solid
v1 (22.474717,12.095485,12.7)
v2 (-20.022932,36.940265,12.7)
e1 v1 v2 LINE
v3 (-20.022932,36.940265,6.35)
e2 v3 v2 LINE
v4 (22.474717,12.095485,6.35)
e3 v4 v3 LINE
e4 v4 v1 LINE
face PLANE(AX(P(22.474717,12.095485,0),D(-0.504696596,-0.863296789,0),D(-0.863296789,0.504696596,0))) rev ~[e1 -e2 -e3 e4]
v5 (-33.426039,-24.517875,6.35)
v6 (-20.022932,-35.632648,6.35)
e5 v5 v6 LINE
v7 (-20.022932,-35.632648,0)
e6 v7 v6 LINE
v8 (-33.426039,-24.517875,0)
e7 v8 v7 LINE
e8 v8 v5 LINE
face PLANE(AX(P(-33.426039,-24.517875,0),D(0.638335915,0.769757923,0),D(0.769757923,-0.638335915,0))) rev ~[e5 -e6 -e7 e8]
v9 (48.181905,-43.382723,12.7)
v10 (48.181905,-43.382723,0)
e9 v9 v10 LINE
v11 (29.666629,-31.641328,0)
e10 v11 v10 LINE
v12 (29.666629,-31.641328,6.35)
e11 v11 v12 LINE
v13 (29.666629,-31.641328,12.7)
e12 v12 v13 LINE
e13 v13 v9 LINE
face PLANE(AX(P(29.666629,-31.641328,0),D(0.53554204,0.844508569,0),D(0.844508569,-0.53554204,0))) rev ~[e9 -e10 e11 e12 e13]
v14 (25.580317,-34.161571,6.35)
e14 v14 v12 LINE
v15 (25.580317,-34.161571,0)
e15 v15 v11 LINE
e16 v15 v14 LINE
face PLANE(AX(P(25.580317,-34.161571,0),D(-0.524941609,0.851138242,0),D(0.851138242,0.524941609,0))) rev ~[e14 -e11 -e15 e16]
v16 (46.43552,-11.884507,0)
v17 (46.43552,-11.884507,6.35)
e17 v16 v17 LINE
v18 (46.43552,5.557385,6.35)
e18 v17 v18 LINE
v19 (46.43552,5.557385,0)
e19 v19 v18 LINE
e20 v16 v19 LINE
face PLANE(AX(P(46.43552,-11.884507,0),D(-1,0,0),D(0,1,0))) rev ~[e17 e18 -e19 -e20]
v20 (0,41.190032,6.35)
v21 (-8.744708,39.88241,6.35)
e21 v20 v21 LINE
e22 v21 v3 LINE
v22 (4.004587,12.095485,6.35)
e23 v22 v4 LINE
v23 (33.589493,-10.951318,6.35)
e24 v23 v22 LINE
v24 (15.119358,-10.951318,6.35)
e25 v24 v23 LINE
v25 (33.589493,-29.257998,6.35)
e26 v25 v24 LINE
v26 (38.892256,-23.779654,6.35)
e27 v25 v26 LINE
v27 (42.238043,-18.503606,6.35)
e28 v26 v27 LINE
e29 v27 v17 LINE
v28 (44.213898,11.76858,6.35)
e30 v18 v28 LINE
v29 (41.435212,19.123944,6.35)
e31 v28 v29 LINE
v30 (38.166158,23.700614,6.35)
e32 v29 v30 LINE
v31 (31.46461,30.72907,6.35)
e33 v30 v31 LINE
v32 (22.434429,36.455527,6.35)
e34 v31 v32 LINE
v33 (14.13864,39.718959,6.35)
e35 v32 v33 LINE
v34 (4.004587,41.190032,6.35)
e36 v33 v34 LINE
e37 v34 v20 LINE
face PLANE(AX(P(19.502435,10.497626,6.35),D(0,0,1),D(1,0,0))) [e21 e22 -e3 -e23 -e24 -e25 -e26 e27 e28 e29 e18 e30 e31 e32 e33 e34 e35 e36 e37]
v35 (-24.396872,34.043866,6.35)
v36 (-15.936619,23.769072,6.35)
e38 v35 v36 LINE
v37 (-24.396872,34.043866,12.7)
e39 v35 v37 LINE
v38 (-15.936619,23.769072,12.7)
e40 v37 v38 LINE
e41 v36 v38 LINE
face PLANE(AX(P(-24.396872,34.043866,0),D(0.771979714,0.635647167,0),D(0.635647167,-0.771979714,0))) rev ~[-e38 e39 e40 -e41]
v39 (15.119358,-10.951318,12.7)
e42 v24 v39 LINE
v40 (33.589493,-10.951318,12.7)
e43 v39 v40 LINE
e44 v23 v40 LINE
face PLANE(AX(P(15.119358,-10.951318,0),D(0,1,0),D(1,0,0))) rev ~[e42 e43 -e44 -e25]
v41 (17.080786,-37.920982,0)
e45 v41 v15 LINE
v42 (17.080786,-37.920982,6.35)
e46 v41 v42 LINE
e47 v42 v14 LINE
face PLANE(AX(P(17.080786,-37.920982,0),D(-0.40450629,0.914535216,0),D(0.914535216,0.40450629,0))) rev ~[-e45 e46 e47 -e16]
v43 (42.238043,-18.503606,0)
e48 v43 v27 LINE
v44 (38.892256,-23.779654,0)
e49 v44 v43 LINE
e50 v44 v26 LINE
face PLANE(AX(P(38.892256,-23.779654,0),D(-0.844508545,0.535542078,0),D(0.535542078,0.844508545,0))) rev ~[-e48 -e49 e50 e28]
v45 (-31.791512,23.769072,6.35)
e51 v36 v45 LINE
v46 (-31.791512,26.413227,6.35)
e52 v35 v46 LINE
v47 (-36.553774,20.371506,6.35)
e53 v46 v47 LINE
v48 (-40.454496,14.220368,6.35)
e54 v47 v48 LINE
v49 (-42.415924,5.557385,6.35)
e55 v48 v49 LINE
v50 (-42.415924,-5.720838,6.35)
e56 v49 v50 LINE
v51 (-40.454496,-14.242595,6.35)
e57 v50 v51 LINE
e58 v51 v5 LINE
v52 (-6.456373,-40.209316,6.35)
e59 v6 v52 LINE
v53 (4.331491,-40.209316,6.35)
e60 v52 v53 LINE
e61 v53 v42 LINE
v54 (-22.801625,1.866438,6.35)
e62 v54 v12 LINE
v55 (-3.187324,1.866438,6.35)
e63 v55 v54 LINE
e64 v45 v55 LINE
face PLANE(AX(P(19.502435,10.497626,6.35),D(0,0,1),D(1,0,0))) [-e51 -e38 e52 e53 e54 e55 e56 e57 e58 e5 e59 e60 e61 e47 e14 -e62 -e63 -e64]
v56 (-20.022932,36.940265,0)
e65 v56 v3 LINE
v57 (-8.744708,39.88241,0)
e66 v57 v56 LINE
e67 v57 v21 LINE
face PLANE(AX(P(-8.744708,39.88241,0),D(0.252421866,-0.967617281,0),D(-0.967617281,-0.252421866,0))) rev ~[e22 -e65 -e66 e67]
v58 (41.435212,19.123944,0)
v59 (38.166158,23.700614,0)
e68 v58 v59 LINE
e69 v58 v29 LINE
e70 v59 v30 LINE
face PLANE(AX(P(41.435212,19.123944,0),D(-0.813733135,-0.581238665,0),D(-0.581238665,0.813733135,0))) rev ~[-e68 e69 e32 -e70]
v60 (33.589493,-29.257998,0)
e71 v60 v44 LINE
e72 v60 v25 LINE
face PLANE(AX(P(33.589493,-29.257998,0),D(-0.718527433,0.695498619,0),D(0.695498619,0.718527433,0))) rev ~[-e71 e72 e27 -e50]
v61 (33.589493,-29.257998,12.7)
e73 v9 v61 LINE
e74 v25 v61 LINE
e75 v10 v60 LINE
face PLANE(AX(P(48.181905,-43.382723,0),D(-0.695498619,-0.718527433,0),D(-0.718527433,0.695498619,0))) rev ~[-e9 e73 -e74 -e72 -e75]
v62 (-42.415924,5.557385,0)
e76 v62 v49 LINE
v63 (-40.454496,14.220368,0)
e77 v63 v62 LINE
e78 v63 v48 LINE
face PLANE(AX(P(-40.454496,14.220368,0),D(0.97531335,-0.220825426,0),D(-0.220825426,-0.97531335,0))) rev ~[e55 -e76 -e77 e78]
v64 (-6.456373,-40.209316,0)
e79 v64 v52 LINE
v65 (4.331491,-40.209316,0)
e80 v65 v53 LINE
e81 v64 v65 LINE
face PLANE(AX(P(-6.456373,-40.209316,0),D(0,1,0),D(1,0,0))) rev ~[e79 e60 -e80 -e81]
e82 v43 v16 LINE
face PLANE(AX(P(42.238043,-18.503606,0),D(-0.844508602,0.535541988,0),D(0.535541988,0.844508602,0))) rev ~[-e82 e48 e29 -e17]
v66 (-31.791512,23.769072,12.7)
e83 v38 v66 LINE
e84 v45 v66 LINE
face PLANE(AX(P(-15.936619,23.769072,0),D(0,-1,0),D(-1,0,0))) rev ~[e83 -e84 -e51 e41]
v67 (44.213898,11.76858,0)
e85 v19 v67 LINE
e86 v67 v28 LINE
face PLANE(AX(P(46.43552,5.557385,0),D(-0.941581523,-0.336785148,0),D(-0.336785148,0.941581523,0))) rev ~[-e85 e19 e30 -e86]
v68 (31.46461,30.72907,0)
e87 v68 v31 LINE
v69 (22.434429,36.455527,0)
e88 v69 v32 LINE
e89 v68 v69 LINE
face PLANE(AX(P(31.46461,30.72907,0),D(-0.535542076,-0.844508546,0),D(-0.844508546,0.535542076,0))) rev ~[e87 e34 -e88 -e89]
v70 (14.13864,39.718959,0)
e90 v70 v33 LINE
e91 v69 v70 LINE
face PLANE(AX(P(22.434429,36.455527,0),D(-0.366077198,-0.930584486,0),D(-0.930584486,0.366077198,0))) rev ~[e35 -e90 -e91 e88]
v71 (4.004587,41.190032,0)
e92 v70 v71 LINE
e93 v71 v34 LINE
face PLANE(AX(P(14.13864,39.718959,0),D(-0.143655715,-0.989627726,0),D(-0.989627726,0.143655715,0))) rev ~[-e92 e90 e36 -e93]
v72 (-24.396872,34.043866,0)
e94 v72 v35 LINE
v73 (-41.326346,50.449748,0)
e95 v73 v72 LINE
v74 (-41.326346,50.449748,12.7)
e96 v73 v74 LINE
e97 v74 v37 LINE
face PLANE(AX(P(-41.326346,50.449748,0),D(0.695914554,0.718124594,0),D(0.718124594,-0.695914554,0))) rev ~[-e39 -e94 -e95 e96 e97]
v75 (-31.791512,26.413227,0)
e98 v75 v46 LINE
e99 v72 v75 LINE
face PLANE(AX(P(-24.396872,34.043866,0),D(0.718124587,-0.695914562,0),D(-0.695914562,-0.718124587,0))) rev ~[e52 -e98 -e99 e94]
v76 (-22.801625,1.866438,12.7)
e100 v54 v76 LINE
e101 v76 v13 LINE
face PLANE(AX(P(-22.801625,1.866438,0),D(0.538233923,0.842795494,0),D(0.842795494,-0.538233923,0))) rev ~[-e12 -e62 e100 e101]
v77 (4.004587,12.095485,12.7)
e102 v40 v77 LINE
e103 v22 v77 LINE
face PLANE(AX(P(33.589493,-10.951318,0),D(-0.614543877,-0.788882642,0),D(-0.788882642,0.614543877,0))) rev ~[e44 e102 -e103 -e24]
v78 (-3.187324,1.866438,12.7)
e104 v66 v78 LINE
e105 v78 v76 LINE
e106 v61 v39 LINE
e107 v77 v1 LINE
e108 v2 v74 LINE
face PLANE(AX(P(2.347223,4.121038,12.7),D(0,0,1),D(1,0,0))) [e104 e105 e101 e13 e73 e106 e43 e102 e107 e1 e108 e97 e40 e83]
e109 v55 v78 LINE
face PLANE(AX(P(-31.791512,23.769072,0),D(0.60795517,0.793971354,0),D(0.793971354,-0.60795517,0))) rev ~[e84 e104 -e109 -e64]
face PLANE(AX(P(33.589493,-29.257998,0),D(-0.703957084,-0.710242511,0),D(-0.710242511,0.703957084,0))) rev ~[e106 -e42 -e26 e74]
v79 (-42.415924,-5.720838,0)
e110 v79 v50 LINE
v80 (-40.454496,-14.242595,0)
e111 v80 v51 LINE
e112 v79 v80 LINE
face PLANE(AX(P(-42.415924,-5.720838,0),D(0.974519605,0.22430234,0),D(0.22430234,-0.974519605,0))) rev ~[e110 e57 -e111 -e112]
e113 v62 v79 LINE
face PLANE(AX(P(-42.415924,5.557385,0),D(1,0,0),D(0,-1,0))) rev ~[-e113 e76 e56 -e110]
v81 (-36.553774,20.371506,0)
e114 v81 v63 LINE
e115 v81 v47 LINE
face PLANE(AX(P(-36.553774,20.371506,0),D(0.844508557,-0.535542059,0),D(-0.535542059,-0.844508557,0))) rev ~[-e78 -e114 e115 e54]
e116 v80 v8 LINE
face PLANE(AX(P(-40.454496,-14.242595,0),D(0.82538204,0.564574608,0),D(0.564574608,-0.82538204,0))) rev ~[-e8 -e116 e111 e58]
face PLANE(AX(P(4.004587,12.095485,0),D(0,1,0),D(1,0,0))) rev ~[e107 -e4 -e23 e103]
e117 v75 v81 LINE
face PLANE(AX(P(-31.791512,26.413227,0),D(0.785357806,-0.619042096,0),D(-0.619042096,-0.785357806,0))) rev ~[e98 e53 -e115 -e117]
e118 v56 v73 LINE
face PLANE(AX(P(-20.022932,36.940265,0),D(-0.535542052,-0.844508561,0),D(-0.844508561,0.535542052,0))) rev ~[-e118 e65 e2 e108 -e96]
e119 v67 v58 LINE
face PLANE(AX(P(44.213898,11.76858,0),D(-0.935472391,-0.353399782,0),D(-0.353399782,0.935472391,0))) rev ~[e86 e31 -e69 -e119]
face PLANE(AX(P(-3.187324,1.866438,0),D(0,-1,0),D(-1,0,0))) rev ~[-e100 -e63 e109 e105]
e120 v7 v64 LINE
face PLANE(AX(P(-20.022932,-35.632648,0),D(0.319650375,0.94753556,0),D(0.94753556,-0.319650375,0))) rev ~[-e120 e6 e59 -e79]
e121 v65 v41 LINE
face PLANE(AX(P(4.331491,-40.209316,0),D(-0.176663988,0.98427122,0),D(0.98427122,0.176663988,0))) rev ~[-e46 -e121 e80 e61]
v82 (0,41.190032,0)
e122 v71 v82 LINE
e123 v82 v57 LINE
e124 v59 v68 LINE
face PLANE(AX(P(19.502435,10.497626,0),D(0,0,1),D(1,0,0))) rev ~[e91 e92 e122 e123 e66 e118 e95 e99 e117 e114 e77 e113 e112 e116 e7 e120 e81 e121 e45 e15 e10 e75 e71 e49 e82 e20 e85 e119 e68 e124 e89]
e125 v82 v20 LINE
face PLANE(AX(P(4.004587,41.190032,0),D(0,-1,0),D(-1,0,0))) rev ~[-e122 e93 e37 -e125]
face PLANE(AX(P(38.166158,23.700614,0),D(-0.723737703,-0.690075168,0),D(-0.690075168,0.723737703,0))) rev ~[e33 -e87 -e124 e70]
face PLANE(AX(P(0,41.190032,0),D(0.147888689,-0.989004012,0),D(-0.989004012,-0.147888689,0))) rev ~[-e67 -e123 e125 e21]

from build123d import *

# Parameters (mm, degrees)
F1_DEPTH = 12.7
F2_DEPTH = 6.35


with BuildPart() as f1:
    # F0 (on Top) → F1 (new body)
    with BuildSketch(Plane.XY):
        Polygon((22.474717, 12.095485), (-20.022932, 36.940265), (-41.326346, 50.449748), (-24.396872, 34.043866), (-15.936619, 23.769072), (-31.791512, 23.769072), (-3.187324, 1.866438), (-22.801625, 1.866438), (29.666629, -31.641328), (48.181905, -43.382723), (33.589493, -29.257998), (15.119358, -10.951318), (33.589493, -10.951318), (4.004587, 12.095485), align=None)
    extrude(amount=F1_DEPTH)

    # F0 (on Top) → F2 (join)
    with BuildSketch(Plane.XY):
        Polygon((4.004587, 41.190032), (0, 41.190032), (-8.744708, 39.88241), (-20.022932, 36.940265), (22.474717, 12.095485), (4.004587, 12.095485), (33.589493, -10.951318), (15.119358, -10.951318), (33.589493, -29.257998), (38.892256, -23.779654), (42.238043, -18.503606), (46.43552, -11.884507), (46.43552, -3.675631), (46.43552, 5.557385), (44.213898, 11.76858), (41.435212, 19.123944), (38.166158, 23.700614), (31.46461, 30.72907), (22.434429, 36.455527), (14.13864, 39.718959), align=None)
        Polygon((22.474717, 12.095485), (-20.022932, 36.940265), (-41.326346, 50.449748), (-24.396872, 34.043866), (-15.936619, 23.769072), (-31.791512, 23.769072), (-3.187324, 1.866438), (-22.801625, 1.866438), (29.666629, -31.641328), (48.181905, -43.382723), (33.589493, -29.257998), (15.119358, -10.951318), (33.589493, -10.951318), (4.004587, 12.095485), align=None)
        Polygon((-15.936619, 23.769072), (-24.396872, 34.043866), (-31.791512, 26.413227), (-36.553774, 20.371506), (-40.454496, 14.220368), (-42.415924, 5.557385), (-42.415924, -5.720838), (-40.454496, -14.242595), (-33.426039, -24.517875), (-20.022932, -35.632648), (-6.456373, -40.209316), (4.331491, -40.209316), (17.080786, -37.920982), (25.580317, -34.161571), (29.666629, -31.641328), (-22.801625, 1.866438), (-3.187324, 1.866438), (-31.791512, 23.769072), align=None)
    extrude(amount=F2_DEPTH)


solid = f1.part
